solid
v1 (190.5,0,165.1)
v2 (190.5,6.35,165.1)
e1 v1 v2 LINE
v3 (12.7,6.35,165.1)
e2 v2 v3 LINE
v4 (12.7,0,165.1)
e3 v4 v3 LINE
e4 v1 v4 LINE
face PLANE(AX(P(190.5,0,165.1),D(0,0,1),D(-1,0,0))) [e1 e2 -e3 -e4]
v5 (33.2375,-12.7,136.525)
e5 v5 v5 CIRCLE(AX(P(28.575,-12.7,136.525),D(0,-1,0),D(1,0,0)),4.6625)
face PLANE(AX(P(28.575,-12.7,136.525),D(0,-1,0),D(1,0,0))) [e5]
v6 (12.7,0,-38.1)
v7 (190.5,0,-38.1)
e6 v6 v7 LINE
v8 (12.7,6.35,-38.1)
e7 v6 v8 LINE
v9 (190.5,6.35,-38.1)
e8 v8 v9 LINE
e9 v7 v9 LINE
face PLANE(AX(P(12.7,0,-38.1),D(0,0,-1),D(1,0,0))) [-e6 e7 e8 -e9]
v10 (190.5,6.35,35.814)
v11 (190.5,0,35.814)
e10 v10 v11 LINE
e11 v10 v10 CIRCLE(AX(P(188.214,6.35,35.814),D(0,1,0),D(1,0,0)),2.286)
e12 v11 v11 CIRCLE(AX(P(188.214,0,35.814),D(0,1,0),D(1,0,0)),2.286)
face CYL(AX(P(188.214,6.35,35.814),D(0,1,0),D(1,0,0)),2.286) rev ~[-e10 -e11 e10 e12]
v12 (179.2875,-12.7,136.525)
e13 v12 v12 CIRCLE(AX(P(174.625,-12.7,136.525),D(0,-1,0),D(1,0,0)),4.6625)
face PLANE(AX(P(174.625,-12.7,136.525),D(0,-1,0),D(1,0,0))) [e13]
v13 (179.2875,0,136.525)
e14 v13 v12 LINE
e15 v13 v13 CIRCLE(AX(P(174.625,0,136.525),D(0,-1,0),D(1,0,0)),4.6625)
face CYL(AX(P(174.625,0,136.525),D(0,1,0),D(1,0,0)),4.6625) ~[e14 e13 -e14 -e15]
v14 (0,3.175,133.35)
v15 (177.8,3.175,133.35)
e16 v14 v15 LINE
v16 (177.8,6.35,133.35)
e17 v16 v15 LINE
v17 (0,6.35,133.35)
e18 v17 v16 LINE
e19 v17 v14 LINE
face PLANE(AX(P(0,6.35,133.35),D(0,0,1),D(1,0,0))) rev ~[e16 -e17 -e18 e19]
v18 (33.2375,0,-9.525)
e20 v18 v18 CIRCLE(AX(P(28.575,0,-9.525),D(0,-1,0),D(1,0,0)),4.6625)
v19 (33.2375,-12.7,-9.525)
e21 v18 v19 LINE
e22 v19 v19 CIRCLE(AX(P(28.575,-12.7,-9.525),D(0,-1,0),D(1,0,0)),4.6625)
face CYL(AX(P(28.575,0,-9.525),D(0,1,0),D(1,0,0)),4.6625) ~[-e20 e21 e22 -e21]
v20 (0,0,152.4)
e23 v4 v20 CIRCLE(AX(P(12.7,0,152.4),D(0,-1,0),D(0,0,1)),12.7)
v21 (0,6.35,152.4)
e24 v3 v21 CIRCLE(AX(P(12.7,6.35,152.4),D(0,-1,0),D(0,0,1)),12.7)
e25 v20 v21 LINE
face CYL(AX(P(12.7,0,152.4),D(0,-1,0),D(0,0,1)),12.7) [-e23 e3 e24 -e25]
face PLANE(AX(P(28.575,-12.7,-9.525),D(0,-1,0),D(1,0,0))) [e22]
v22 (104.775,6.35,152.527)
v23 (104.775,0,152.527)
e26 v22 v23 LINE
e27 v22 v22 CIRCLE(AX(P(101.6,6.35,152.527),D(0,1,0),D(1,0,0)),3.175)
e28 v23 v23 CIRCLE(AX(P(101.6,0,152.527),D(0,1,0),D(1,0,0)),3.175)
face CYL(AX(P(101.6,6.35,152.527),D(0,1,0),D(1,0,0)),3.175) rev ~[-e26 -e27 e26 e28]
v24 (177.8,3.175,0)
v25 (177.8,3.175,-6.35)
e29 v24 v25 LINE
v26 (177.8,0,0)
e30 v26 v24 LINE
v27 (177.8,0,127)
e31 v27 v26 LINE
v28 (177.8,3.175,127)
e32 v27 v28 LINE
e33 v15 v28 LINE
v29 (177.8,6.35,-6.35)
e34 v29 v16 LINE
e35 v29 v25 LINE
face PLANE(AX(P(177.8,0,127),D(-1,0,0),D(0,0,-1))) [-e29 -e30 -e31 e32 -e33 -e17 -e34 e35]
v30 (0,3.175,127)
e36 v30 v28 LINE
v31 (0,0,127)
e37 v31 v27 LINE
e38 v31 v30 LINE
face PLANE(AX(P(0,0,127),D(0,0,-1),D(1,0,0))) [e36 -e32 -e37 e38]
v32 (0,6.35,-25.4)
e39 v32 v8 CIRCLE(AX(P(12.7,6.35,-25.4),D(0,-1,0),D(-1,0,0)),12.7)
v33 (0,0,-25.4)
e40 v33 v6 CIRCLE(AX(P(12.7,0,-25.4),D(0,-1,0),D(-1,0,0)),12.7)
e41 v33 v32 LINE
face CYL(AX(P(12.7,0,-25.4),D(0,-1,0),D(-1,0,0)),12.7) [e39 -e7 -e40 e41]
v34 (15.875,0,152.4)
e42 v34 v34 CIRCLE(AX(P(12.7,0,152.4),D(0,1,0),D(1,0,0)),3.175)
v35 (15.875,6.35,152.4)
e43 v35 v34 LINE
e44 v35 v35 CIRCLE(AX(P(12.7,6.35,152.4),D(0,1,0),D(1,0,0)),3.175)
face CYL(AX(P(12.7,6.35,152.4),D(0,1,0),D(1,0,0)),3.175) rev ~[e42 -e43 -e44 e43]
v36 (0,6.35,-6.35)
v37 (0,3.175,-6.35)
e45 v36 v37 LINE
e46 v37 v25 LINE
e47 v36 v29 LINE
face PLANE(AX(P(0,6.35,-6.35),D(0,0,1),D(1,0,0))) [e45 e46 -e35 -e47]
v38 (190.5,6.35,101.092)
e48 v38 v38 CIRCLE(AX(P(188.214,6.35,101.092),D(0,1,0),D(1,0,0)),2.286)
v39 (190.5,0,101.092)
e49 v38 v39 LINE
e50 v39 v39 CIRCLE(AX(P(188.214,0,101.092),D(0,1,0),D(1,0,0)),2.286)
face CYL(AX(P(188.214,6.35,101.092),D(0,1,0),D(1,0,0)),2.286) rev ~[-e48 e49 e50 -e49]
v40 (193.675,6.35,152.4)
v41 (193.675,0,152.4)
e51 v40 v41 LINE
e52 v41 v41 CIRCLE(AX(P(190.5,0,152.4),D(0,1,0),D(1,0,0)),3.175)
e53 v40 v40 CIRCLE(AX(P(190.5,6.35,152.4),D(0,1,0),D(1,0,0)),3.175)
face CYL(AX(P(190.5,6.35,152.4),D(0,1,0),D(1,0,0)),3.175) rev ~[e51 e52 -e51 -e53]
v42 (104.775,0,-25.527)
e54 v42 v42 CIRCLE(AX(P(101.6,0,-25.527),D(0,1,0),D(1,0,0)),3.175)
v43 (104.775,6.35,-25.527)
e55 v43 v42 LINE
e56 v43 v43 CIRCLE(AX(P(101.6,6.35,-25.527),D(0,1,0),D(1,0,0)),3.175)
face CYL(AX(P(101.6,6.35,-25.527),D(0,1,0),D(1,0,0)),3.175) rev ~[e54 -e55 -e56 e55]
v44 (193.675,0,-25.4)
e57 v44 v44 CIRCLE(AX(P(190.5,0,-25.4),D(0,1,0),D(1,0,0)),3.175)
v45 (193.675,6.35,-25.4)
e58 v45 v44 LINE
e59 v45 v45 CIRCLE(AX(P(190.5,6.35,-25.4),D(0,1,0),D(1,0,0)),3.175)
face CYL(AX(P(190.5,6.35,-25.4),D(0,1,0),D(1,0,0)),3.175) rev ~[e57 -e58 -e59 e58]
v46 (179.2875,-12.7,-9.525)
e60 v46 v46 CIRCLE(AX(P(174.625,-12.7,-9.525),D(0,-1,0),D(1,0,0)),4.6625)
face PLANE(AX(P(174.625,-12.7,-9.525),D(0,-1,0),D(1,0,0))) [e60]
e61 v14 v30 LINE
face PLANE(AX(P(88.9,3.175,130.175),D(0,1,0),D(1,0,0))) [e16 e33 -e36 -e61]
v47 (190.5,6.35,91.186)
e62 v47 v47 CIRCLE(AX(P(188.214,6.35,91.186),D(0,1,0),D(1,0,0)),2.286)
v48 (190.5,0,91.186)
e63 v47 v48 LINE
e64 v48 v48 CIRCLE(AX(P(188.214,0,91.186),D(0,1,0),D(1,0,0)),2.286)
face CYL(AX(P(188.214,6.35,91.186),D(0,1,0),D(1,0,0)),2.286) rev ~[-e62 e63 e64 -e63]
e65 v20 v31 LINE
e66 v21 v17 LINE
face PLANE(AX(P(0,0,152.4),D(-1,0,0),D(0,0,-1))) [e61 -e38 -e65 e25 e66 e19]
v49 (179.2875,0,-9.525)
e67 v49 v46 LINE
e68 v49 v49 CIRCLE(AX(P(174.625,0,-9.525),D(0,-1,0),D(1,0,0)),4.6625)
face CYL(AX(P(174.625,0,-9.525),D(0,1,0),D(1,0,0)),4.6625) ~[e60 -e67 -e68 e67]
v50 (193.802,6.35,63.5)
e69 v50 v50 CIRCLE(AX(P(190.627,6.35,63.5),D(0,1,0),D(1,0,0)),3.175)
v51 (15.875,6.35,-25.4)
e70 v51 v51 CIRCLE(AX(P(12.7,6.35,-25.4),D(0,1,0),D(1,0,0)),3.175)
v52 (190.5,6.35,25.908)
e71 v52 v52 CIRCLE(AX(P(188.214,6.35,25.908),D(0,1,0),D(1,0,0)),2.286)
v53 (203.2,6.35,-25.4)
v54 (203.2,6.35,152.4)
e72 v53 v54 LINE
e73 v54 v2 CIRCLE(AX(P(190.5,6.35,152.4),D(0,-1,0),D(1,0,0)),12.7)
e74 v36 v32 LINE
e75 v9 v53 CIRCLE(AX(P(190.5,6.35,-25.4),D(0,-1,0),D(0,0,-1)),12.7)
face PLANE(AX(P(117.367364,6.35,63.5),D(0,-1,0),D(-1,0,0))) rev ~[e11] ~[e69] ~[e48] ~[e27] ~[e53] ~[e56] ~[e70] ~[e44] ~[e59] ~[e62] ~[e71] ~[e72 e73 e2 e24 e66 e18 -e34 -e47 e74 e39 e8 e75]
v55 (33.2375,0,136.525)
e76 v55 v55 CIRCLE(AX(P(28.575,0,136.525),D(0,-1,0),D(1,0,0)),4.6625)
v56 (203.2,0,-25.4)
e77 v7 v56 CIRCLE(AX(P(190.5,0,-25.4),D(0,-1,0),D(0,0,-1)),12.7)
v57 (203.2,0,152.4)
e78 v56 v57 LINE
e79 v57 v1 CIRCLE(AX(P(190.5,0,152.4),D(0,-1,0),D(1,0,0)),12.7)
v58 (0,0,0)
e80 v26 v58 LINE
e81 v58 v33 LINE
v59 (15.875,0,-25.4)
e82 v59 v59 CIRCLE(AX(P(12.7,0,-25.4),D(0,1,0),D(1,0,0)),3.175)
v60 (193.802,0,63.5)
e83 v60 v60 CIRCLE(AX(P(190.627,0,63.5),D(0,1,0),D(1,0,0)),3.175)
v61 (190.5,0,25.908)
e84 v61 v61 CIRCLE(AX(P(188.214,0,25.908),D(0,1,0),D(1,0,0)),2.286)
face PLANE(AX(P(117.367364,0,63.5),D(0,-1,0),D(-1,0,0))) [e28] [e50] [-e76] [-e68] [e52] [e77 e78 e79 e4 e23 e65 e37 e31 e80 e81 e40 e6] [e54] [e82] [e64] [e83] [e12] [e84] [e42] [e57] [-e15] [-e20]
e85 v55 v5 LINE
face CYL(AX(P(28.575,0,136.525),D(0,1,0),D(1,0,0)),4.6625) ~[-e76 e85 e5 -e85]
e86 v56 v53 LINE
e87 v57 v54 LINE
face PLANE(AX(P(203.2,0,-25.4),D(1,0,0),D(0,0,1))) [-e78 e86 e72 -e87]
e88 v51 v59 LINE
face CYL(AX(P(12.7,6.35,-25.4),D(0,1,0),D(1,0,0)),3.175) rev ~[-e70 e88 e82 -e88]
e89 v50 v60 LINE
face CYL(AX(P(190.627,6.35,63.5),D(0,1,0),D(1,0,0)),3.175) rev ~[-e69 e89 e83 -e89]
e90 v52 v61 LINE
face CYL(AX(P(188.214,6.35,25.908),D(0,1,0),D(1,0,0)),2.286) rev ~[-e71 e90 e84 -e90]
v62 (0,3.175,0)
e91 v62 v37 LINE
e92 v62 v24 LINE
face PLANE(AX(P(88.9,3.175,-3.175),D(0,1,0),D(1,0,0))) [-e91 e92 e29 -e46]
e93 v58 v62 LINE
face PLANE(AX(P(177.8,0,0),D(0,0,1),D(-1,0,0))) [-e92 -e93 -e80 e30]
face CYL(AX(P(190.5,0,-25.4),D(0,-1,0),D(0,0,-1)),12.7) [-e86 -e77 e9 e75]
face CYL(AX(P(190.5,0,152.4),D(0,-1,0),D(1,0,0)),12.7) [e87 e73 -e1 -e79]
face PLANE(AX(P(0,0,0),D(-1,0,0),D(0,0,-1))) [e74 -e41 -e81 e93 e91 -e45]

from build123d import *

# Parameters (mm, degrees)
BOSS_EXTRUDE2_DEPTH = 6.35
SKETCH2_R           = 3.175
CUT_EXTRUDE1_DEPTH  = 7.35
SKETCH5_R           = 4.6625
BOSS_EXTRUDE3_DEPTH = 12.7
SKETCH6_W           = 177.8
SKETCH6_H           = 6.35
CUT_EXTRUDE2_DEPTH  = 3.175
SKETCH7_R           = 2.286
CUT_EXTRUDE3_DEPTH  = 12.7
SKETCH8_R           = 3.175
CUT_EXTRUDE4_DEPTH  = 20.05


with BuildPart() as part:
    # Sketch1 → Boss-Extrude2 (new body)
    with BuildSketch(Plane(origin=(0, 0, 0), x_dir=(1, 0, 0), z_dir=(0, 1, 0))):
        with BuildLine():
            Line((0, 0), (0, 25.4))
            ThreePointArc((0, 25.4), (3.719743879, 34.380256121), (12.7, 38.1))
            Line((12.7, 38.1), (190.5, 38.1))
            ThreePointArc((190.5, 38.1), (199.480256121, 34.380256121), (203.2, 25.4))
            Line((203.2, 25.4), (203.2, -152.4))
            ThreePointArc((203.2, -152.4), (199.480256121, -161.380256121), (190.5, -165.1))
            Line((190.5, -165.1), (12.7, -165.1))
            ThreePointArc((12.7, -165.1), (3.719743879, -161.380256121), (0, -152.4))
            Line((0, -152.4), (0, -127))
            Line((0, -127), (177.8, -127))
            Line((177.8, -127), (177.8, 0))
            Line((177.8, 0), (0, 0))
        make_face()
    extrude(amount=BOSS_EXTRUDE2_DEPTH)

    # Sketch2 → Cut-Extrude1 (cut, through all)
    with BuildSketch(Plane(origin=(0, 6.35, 0), x_dir=(1, 0, 0), z_dir=(0, 1, 0))):
        with Locations((12.7, 25.4)):
            Circle(SKETCH2_R)
        with Locations((190.5, 25.4)):
            Circle(SKETCH2_R)
        with Locations((190.5, -152.4)):
            Circle(SKETCH2_R)
        with Locations((12.7, -152.4)):
            Circle(SKETCH2_R)
    extrude(amount=-CUT_EXTRUDE1_DEPTH, mode=Mode.SUBTRACT)

    # Sketch5 → Boss-Extrude3 (add)
    with BuildSketch(Plane.XZ):
        with Locations((28.575, 136.525)):
            Circle(SKETCH5_R)
        with Locations((174.625, 136.525)):
            Circle(SKETCH5_R)
        with Locations((174.625, -9.525)):
            Circle(SKETCH5_R)
        with Locations((28.575, -9.525)):
            Circle(SKETCH5_R)
    extrude(amount=BOSS_EXTRUDE3_DEPTH)

    # Sketch6 → Cut-Extrude2 (cut)
    with BuildSketch(Plane(origin=(0, 6.35, 0), x_dir=(1, 0, 0), z_dir=(0, 1, 0))):
        with Locations((88.9, -130.175)):
            Rectangle(SKETCH6_W, SKETCH6_H)
        with Locations((88.9, 3.175)):
            Rectangle(SKETCH6_W, SKETCH6_H)
    extrude(amount=-CUT_EXTRUDE2_DEPTH, mode=Mode.SUBTRACT)

    # Sketch7 → Cut-Extrude3 (cut)
    with BuildSketch(Plane(origin=(0, 6.35, 0), x_dir=(1, 0, 0), z_dir=(0, 1, 0))):
        with Locations((188.214, -101.092)):
            Circle(SKETCH7_R)
        with Locations((188.214, -91.186)):
            Circle(SKETCH7_R)
        with Locations((188.214, -35.814)):
            Circle(SKETCH7_R)
        with Locations((188.214, -25.908)):
            Circle(SKETCH7_R)
    extrude(amount=-CUT_EXTRUDE3_DEPTH, mode=Mode.SUBTRACT)

    # Sketch8 → Cut-Extrude4 (cut, through all)
    with BuildSketch(Plane(origin=(0, 6.35, 0), x_dir=(1, 0, 0), z_dir=(0, 1, 0))):
        with Locations((101.6, 25.527)):
            Circle(SKETCH8_R)
        with Locations((190.627, -63.5)):
            Circle(SKETCH8_R)
        with Locations((101.6, -152.527)):
            Circle(SKETCH8_R)
    extrude(amount=-CUT_EXTRUDE4_DEPTH, mode=Mode.SUBTRACT)


solid = part.part
